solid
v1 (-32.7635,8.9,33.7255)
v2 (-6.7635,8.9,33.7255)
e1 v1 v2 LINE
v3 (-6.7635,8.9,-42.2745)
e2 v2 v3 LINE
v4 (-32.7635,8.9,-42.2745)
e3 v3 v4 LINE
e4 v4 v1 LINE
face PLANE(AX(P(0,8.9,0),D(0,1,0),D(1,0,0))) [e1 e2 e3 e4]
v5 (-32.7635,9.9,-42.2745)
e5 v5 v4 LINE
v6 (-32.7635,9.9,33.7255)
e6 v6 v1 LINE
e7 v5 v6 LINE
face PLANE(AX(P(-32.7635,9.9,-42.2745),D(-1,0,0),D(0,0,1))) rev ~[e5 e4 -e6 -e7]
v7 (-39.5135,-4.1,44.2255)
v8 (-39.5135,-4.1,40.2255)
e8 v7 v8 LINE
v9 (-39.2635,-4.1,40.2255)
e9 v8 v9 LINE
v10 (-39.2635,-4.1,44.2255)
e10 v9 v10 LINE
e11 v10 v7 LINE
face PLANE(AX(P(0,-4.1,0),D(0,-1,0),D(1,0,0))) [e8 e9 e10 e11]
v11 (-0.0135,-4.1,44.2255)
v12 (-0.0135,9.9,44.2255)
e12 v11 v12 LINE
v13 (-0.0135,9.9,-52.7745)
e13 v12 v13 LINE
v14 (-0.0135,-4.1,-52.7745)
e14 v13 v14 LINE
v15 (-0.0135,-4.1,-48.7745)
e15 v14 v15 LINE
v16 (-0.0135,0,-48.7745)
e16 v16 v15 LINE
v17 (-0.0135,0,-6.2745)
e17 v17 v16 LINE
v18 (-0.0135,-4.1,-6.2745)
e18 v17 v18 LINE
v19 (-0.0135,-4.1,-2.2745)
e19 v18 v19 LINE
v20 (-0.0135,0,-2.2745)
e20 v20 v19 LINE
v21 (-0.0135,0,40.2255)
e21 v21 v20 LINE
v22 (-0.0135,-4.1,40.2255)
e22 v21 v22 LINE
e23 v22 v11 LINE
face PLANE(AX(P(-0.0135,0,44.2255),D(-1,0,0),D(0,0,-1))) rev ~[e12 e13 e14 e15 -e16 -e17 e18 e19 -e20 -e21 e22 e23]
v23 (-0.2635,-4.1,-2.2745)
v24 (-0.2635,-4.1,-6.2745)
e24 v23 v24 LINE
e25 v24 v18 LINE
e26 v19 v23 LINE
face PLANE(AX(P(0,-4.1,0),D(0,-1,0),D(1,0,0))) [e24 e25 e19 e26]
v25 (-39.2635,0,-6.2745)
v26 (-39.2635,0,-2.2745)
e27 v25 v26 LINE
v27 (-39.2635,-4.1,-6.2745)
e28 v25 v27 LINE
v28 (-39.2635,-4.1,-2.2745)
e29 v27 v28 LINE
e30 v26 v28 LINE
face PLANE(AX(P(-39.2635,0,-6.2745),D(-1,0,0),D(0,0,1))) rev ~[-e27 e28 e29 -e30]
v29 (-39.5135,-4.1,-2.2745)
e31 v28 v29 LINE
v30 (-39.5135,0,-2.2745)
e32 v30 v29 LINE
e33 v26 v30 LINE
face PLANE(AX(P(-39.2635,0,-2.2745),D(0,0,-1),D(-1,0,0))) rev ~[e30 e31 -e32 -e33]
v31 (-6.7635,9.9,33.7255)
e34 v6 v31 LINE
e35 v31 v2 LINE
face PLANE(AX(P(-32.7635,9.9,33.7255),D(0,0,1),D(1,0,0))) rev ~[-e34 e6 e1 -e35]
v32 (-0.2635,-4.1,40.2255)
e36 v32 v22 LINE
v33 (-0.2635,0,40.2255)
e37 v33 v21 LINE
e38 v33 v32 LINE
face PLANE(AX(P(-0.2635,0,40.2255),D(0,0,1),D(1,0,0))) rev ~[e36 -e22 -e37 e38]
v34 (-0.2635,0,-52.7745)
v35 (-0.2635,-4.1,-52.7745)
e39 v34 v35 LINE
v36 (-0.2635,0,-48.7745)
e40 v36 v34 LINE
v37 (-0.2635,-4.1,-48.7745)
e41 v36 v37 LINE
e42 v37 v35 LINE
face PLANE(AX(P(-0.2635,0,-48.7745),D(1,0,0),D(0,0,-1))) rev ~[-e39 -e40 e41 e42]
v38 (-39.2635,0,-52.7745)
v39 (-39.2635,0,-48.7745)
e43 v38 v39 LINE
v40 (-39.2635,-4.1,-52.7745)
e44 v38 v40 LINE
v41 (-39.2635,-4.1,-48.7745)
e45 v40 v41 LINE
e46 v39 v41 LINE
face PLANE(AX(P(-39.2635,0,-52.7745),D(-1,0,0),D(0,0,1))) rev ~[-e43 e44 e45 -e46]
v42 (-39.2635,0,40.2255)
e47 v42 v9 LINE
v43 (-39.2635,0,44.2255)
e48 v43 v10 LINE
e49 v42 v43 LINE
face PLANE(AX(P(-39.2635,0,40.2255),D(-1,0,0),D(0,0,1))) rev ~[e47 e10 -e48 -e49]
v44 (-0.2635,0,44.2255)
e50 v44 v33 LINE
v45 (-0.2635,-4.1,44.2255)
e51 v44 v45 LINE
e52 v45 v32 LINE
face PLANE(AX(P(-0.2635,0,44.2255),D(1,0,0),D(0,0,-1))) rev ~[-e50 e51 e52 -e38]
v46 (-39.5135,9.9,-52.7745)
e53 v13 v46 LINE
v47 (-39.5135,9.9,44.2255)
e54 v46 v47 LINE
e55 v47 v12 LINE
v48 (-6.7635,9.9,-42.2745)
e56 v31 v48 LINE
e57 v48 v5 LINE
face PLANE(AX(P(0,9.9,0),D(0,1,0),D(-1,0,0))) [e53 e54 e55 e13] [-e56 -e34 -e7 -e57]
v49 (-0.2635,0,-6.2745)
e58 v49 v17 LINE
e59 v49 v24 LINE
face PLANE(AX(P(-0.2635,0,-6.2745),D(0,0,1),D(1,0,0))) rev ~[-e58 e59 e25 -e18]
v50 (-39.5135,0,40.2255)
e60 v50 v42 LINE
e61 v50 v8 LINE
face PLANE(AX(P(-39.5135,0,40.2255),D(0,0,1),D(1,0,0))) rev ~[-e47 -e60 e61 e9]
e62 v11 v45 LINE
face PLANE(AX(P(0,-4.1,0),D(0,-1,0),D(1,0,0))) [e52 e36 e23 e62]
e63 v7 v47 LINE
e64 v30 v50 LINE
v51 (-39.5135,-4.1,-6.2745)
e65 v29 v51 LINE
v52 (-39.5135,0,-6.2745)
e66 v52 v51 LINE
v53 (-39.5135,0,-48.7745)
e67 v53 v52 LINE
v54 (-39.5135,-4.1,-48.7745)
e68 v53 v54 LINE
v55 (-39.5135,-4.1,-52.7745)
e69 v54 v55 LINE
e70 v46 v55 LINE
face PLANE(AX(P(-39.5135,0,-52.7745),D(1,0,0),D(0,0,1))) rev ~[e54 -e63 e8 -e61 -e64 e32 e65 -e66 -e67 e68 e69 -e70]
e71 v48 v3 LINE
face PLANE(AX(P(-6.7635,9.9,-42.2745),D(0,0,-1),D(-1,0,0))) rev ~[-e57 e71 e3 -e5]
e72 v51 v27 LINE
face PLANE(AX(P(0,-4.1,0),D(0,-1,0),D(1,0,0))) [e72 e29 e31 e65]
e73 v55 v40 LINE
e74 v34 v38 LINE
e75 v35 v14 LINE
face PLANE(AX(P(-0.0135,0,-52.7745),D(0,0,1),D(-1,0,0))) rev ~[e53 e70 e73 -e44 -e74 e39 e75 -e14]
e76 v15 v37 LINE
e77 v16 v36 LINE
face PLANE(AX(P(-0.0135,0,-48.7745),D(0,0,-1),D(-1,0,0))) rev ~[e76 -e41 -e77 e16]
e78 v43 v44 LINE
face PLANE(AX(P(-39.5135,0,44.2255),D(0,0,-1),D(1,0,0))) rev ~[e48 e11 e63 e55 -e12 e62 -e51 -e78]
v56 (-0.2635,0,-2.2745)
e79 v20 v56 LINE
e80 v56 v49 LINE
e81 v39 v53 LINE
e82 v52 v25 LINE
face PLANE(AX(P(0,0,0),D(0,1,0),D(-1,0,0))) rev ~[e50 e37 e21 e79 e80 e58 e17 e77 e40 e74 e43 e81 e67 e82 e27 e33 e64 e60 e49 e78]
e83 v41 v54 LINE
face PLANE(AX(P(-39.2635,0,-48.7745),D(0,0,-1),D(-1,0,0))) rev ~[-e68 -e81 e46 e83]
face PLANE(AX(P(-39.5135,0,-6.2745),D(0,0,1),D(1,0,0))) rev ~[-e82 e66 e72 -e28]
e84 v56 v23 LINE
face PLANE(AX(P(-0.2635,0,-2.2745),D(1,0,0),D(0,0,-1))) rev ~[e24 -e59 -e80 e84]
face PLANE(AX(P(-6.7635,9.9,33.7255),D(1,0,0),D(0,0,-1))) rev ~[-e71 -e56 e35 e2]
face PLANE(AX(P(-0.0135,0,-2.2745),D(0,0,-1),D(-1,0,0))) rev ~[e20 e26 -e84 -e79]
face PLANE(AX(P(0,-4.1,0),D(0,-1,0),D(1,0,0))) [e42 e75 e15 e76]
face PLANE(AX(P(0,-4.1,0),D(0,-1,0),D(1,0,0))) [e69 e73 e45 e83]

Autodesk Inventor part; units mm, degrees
ref_plane "YZ Plane" through (0, 0, 0) normal (1, 0, 0) x (0, 1, 0)
ref_plane "XZ Plane" through (0, 0, 0) normal (0, 1, 0) x (-1, 0, 0)
ref_plane "XY Plane" through (0, 0, 0) normal (0, 0, 1) x (1, 0, 0)
sketch "Sketch1" plane through (0, 0, 0) normal (0, 1, 0) x (-1, 0, 0)
  line L0 (39.5135, 44.2255) -> (0.0135, 44.2255)
  line L1 (0.0135, 44.2255) -> (0.0135, -52.7745)
  line L2 (0.0135, -52.7745) -> (39.5135, -52.7745)
  line L3 (39.5135, -52.7745) -> (39.5135, 44.2255)
  point P0 (0, 0)
  dimension "LCD_Screen_Width" = 97
  dimension "LCD_Screen_Height" = 39.5
extrude "Extrusion1" add sketch "Sketch1" along normal blind 9.9
sketch "Sketch2" plane through (0, 9.9, 0) normal (0, 1, 0) x (1, 0, 0)
  line L0 (-32.7635, -33.7255) -> (-6.7635, -33.7255)
  line L1 (-6.7635, -33.7255) -> (-6.7635, 42.2745)
  line L2 (-6.7635, 42.2745) -> (-32.7635, 42.2745)
  line L3 (-32.7635, 42.2745) -> (-32.7635, -33.7255)
  line L4 (-39.5135, 52.7745) -> (-39.5135, -44.2255) construction
  line L5 (-39.5135, 4.2745) -> (-32.7635, 4.2745) construction
  line L6 (-6.7635, 4.2745) -> (-0.0135, 4.2745) construction
  line L7 (-0.0135, -44.2255) -> (-0.0135, 52.7745) construction
  point P0 (0, 0)
  dimension "LCD_Viewable_Height" = 26
  dimension "LCD_Viewable_Width" = 76
extrude "Extrusion2" cut sketch "Sketch2" against normal blind 1
sketch "Sketch3" plane through (0, 0, 0) normal (0, -1, 0) x (1, 0, 0)
  line L0 (-0.0135, 44.2255) -> (-0.2635, 44.2255)
  line L1 (-0.2635, 44.2255) -> (-0.2635, 40.2255)
  line L2 (-0.2635, 40.2255) -> (-0.0135, 40.2255)
  line L3 (-0.0135, 40.2255) -> (-0.0135, 44.2255)
  line L4 (-0.0135, -2.2745) -> (-0.2635, -2.2745)
  line L5 (-0.2635, -2.2745) -> (-0.2635, -6.2745)
  line L6 (-0.2635, -6.2745) -> (-0.0135, -6.2745)
  line L7 (-0.0135, -6.2745) -> (-0.0135, -2.2745)
  line L8 (-0.0135, -48.7745) -> (-0.2635, -48.7745)
  line L9 (-0.2635, -48.7745) -> (-0.2635, -52.7745)
  line L10 (-0.2635, -52.7745) -> (-0.0135, -52.7745)
  line L11 (-0.0135, -52.7745) -> (-0.0135, -48.7745)
  line L12 (-39.2635, -48.7745) -> (-39.5135, -48.7745)
  line L13 (-39.5135, -48.7745) -> (-39.5135, -52.7745)
  line L14 (-39.5135, -52.7745) -> (-39.2635, -52.7745)
  line L15 (-39.2635, -52.7745) -> (-39.2635, -48.7745)
  line L16 (-39.2635, -2.2745) -> (-39.5135, -2.2745)
  line L17 (-39.5135, -2.2745) -> (-39.5135, -6.2745)
  line L18 (-39.5135, -6.2745) -> (-39.2635, -6.2745)
  line L19 (-39.2635, -6.2745) -> (-39.2635, -2.2745)
  line L20 (-39.2635, 44.2255) -> (-39.5135, 44.2255)
  line L21 (-39.5135, 44.2255) -> (-39.5135, 40.2255)
  line L22 (-39.5135, 40.2255) -> (-39.2635, 40.2255)
  line L23 (-39.2635, 40.2255) -> (-39.2635, 44.2255)
  line L24 (-0.0135, 44.2255) -> (-0.0135, -52.7745) projected
  line L25 (-39.5135, -52.7745) -> (-39.5135, 44.2255) projected
  line L26 (-39.5135, 44.2255) -> (-0.0135, 44.2255) projected
  line L27 (-0.0135, -52.7745) -> (-39.5135, -52.7745) projected
  line L28 (-0.2635, 40.2255) -> (-0.2635, -2.2745) construction
  line L29 (-0.2635, -6.2745) -> (-0.2635, -48.7745) construction
  point P0 (0, 0)
  dimension "LCD_Screen_Tab_Width" = 0.25
  dimension "LCD_Screen_Tab_Length" = 4
extrude "Extrusion3" add sketch "Sketch3" along normal blind 4.1 contours L3 L2 L1 L0 | L23 L22 L21 L20 | L7 L6 L5 L4 | L11 L10 L9 L8 | L16 L19 L18 L17 | L12 L15 L14 L13
properties part number "LCD_Screen" material "Steel, Mild"
